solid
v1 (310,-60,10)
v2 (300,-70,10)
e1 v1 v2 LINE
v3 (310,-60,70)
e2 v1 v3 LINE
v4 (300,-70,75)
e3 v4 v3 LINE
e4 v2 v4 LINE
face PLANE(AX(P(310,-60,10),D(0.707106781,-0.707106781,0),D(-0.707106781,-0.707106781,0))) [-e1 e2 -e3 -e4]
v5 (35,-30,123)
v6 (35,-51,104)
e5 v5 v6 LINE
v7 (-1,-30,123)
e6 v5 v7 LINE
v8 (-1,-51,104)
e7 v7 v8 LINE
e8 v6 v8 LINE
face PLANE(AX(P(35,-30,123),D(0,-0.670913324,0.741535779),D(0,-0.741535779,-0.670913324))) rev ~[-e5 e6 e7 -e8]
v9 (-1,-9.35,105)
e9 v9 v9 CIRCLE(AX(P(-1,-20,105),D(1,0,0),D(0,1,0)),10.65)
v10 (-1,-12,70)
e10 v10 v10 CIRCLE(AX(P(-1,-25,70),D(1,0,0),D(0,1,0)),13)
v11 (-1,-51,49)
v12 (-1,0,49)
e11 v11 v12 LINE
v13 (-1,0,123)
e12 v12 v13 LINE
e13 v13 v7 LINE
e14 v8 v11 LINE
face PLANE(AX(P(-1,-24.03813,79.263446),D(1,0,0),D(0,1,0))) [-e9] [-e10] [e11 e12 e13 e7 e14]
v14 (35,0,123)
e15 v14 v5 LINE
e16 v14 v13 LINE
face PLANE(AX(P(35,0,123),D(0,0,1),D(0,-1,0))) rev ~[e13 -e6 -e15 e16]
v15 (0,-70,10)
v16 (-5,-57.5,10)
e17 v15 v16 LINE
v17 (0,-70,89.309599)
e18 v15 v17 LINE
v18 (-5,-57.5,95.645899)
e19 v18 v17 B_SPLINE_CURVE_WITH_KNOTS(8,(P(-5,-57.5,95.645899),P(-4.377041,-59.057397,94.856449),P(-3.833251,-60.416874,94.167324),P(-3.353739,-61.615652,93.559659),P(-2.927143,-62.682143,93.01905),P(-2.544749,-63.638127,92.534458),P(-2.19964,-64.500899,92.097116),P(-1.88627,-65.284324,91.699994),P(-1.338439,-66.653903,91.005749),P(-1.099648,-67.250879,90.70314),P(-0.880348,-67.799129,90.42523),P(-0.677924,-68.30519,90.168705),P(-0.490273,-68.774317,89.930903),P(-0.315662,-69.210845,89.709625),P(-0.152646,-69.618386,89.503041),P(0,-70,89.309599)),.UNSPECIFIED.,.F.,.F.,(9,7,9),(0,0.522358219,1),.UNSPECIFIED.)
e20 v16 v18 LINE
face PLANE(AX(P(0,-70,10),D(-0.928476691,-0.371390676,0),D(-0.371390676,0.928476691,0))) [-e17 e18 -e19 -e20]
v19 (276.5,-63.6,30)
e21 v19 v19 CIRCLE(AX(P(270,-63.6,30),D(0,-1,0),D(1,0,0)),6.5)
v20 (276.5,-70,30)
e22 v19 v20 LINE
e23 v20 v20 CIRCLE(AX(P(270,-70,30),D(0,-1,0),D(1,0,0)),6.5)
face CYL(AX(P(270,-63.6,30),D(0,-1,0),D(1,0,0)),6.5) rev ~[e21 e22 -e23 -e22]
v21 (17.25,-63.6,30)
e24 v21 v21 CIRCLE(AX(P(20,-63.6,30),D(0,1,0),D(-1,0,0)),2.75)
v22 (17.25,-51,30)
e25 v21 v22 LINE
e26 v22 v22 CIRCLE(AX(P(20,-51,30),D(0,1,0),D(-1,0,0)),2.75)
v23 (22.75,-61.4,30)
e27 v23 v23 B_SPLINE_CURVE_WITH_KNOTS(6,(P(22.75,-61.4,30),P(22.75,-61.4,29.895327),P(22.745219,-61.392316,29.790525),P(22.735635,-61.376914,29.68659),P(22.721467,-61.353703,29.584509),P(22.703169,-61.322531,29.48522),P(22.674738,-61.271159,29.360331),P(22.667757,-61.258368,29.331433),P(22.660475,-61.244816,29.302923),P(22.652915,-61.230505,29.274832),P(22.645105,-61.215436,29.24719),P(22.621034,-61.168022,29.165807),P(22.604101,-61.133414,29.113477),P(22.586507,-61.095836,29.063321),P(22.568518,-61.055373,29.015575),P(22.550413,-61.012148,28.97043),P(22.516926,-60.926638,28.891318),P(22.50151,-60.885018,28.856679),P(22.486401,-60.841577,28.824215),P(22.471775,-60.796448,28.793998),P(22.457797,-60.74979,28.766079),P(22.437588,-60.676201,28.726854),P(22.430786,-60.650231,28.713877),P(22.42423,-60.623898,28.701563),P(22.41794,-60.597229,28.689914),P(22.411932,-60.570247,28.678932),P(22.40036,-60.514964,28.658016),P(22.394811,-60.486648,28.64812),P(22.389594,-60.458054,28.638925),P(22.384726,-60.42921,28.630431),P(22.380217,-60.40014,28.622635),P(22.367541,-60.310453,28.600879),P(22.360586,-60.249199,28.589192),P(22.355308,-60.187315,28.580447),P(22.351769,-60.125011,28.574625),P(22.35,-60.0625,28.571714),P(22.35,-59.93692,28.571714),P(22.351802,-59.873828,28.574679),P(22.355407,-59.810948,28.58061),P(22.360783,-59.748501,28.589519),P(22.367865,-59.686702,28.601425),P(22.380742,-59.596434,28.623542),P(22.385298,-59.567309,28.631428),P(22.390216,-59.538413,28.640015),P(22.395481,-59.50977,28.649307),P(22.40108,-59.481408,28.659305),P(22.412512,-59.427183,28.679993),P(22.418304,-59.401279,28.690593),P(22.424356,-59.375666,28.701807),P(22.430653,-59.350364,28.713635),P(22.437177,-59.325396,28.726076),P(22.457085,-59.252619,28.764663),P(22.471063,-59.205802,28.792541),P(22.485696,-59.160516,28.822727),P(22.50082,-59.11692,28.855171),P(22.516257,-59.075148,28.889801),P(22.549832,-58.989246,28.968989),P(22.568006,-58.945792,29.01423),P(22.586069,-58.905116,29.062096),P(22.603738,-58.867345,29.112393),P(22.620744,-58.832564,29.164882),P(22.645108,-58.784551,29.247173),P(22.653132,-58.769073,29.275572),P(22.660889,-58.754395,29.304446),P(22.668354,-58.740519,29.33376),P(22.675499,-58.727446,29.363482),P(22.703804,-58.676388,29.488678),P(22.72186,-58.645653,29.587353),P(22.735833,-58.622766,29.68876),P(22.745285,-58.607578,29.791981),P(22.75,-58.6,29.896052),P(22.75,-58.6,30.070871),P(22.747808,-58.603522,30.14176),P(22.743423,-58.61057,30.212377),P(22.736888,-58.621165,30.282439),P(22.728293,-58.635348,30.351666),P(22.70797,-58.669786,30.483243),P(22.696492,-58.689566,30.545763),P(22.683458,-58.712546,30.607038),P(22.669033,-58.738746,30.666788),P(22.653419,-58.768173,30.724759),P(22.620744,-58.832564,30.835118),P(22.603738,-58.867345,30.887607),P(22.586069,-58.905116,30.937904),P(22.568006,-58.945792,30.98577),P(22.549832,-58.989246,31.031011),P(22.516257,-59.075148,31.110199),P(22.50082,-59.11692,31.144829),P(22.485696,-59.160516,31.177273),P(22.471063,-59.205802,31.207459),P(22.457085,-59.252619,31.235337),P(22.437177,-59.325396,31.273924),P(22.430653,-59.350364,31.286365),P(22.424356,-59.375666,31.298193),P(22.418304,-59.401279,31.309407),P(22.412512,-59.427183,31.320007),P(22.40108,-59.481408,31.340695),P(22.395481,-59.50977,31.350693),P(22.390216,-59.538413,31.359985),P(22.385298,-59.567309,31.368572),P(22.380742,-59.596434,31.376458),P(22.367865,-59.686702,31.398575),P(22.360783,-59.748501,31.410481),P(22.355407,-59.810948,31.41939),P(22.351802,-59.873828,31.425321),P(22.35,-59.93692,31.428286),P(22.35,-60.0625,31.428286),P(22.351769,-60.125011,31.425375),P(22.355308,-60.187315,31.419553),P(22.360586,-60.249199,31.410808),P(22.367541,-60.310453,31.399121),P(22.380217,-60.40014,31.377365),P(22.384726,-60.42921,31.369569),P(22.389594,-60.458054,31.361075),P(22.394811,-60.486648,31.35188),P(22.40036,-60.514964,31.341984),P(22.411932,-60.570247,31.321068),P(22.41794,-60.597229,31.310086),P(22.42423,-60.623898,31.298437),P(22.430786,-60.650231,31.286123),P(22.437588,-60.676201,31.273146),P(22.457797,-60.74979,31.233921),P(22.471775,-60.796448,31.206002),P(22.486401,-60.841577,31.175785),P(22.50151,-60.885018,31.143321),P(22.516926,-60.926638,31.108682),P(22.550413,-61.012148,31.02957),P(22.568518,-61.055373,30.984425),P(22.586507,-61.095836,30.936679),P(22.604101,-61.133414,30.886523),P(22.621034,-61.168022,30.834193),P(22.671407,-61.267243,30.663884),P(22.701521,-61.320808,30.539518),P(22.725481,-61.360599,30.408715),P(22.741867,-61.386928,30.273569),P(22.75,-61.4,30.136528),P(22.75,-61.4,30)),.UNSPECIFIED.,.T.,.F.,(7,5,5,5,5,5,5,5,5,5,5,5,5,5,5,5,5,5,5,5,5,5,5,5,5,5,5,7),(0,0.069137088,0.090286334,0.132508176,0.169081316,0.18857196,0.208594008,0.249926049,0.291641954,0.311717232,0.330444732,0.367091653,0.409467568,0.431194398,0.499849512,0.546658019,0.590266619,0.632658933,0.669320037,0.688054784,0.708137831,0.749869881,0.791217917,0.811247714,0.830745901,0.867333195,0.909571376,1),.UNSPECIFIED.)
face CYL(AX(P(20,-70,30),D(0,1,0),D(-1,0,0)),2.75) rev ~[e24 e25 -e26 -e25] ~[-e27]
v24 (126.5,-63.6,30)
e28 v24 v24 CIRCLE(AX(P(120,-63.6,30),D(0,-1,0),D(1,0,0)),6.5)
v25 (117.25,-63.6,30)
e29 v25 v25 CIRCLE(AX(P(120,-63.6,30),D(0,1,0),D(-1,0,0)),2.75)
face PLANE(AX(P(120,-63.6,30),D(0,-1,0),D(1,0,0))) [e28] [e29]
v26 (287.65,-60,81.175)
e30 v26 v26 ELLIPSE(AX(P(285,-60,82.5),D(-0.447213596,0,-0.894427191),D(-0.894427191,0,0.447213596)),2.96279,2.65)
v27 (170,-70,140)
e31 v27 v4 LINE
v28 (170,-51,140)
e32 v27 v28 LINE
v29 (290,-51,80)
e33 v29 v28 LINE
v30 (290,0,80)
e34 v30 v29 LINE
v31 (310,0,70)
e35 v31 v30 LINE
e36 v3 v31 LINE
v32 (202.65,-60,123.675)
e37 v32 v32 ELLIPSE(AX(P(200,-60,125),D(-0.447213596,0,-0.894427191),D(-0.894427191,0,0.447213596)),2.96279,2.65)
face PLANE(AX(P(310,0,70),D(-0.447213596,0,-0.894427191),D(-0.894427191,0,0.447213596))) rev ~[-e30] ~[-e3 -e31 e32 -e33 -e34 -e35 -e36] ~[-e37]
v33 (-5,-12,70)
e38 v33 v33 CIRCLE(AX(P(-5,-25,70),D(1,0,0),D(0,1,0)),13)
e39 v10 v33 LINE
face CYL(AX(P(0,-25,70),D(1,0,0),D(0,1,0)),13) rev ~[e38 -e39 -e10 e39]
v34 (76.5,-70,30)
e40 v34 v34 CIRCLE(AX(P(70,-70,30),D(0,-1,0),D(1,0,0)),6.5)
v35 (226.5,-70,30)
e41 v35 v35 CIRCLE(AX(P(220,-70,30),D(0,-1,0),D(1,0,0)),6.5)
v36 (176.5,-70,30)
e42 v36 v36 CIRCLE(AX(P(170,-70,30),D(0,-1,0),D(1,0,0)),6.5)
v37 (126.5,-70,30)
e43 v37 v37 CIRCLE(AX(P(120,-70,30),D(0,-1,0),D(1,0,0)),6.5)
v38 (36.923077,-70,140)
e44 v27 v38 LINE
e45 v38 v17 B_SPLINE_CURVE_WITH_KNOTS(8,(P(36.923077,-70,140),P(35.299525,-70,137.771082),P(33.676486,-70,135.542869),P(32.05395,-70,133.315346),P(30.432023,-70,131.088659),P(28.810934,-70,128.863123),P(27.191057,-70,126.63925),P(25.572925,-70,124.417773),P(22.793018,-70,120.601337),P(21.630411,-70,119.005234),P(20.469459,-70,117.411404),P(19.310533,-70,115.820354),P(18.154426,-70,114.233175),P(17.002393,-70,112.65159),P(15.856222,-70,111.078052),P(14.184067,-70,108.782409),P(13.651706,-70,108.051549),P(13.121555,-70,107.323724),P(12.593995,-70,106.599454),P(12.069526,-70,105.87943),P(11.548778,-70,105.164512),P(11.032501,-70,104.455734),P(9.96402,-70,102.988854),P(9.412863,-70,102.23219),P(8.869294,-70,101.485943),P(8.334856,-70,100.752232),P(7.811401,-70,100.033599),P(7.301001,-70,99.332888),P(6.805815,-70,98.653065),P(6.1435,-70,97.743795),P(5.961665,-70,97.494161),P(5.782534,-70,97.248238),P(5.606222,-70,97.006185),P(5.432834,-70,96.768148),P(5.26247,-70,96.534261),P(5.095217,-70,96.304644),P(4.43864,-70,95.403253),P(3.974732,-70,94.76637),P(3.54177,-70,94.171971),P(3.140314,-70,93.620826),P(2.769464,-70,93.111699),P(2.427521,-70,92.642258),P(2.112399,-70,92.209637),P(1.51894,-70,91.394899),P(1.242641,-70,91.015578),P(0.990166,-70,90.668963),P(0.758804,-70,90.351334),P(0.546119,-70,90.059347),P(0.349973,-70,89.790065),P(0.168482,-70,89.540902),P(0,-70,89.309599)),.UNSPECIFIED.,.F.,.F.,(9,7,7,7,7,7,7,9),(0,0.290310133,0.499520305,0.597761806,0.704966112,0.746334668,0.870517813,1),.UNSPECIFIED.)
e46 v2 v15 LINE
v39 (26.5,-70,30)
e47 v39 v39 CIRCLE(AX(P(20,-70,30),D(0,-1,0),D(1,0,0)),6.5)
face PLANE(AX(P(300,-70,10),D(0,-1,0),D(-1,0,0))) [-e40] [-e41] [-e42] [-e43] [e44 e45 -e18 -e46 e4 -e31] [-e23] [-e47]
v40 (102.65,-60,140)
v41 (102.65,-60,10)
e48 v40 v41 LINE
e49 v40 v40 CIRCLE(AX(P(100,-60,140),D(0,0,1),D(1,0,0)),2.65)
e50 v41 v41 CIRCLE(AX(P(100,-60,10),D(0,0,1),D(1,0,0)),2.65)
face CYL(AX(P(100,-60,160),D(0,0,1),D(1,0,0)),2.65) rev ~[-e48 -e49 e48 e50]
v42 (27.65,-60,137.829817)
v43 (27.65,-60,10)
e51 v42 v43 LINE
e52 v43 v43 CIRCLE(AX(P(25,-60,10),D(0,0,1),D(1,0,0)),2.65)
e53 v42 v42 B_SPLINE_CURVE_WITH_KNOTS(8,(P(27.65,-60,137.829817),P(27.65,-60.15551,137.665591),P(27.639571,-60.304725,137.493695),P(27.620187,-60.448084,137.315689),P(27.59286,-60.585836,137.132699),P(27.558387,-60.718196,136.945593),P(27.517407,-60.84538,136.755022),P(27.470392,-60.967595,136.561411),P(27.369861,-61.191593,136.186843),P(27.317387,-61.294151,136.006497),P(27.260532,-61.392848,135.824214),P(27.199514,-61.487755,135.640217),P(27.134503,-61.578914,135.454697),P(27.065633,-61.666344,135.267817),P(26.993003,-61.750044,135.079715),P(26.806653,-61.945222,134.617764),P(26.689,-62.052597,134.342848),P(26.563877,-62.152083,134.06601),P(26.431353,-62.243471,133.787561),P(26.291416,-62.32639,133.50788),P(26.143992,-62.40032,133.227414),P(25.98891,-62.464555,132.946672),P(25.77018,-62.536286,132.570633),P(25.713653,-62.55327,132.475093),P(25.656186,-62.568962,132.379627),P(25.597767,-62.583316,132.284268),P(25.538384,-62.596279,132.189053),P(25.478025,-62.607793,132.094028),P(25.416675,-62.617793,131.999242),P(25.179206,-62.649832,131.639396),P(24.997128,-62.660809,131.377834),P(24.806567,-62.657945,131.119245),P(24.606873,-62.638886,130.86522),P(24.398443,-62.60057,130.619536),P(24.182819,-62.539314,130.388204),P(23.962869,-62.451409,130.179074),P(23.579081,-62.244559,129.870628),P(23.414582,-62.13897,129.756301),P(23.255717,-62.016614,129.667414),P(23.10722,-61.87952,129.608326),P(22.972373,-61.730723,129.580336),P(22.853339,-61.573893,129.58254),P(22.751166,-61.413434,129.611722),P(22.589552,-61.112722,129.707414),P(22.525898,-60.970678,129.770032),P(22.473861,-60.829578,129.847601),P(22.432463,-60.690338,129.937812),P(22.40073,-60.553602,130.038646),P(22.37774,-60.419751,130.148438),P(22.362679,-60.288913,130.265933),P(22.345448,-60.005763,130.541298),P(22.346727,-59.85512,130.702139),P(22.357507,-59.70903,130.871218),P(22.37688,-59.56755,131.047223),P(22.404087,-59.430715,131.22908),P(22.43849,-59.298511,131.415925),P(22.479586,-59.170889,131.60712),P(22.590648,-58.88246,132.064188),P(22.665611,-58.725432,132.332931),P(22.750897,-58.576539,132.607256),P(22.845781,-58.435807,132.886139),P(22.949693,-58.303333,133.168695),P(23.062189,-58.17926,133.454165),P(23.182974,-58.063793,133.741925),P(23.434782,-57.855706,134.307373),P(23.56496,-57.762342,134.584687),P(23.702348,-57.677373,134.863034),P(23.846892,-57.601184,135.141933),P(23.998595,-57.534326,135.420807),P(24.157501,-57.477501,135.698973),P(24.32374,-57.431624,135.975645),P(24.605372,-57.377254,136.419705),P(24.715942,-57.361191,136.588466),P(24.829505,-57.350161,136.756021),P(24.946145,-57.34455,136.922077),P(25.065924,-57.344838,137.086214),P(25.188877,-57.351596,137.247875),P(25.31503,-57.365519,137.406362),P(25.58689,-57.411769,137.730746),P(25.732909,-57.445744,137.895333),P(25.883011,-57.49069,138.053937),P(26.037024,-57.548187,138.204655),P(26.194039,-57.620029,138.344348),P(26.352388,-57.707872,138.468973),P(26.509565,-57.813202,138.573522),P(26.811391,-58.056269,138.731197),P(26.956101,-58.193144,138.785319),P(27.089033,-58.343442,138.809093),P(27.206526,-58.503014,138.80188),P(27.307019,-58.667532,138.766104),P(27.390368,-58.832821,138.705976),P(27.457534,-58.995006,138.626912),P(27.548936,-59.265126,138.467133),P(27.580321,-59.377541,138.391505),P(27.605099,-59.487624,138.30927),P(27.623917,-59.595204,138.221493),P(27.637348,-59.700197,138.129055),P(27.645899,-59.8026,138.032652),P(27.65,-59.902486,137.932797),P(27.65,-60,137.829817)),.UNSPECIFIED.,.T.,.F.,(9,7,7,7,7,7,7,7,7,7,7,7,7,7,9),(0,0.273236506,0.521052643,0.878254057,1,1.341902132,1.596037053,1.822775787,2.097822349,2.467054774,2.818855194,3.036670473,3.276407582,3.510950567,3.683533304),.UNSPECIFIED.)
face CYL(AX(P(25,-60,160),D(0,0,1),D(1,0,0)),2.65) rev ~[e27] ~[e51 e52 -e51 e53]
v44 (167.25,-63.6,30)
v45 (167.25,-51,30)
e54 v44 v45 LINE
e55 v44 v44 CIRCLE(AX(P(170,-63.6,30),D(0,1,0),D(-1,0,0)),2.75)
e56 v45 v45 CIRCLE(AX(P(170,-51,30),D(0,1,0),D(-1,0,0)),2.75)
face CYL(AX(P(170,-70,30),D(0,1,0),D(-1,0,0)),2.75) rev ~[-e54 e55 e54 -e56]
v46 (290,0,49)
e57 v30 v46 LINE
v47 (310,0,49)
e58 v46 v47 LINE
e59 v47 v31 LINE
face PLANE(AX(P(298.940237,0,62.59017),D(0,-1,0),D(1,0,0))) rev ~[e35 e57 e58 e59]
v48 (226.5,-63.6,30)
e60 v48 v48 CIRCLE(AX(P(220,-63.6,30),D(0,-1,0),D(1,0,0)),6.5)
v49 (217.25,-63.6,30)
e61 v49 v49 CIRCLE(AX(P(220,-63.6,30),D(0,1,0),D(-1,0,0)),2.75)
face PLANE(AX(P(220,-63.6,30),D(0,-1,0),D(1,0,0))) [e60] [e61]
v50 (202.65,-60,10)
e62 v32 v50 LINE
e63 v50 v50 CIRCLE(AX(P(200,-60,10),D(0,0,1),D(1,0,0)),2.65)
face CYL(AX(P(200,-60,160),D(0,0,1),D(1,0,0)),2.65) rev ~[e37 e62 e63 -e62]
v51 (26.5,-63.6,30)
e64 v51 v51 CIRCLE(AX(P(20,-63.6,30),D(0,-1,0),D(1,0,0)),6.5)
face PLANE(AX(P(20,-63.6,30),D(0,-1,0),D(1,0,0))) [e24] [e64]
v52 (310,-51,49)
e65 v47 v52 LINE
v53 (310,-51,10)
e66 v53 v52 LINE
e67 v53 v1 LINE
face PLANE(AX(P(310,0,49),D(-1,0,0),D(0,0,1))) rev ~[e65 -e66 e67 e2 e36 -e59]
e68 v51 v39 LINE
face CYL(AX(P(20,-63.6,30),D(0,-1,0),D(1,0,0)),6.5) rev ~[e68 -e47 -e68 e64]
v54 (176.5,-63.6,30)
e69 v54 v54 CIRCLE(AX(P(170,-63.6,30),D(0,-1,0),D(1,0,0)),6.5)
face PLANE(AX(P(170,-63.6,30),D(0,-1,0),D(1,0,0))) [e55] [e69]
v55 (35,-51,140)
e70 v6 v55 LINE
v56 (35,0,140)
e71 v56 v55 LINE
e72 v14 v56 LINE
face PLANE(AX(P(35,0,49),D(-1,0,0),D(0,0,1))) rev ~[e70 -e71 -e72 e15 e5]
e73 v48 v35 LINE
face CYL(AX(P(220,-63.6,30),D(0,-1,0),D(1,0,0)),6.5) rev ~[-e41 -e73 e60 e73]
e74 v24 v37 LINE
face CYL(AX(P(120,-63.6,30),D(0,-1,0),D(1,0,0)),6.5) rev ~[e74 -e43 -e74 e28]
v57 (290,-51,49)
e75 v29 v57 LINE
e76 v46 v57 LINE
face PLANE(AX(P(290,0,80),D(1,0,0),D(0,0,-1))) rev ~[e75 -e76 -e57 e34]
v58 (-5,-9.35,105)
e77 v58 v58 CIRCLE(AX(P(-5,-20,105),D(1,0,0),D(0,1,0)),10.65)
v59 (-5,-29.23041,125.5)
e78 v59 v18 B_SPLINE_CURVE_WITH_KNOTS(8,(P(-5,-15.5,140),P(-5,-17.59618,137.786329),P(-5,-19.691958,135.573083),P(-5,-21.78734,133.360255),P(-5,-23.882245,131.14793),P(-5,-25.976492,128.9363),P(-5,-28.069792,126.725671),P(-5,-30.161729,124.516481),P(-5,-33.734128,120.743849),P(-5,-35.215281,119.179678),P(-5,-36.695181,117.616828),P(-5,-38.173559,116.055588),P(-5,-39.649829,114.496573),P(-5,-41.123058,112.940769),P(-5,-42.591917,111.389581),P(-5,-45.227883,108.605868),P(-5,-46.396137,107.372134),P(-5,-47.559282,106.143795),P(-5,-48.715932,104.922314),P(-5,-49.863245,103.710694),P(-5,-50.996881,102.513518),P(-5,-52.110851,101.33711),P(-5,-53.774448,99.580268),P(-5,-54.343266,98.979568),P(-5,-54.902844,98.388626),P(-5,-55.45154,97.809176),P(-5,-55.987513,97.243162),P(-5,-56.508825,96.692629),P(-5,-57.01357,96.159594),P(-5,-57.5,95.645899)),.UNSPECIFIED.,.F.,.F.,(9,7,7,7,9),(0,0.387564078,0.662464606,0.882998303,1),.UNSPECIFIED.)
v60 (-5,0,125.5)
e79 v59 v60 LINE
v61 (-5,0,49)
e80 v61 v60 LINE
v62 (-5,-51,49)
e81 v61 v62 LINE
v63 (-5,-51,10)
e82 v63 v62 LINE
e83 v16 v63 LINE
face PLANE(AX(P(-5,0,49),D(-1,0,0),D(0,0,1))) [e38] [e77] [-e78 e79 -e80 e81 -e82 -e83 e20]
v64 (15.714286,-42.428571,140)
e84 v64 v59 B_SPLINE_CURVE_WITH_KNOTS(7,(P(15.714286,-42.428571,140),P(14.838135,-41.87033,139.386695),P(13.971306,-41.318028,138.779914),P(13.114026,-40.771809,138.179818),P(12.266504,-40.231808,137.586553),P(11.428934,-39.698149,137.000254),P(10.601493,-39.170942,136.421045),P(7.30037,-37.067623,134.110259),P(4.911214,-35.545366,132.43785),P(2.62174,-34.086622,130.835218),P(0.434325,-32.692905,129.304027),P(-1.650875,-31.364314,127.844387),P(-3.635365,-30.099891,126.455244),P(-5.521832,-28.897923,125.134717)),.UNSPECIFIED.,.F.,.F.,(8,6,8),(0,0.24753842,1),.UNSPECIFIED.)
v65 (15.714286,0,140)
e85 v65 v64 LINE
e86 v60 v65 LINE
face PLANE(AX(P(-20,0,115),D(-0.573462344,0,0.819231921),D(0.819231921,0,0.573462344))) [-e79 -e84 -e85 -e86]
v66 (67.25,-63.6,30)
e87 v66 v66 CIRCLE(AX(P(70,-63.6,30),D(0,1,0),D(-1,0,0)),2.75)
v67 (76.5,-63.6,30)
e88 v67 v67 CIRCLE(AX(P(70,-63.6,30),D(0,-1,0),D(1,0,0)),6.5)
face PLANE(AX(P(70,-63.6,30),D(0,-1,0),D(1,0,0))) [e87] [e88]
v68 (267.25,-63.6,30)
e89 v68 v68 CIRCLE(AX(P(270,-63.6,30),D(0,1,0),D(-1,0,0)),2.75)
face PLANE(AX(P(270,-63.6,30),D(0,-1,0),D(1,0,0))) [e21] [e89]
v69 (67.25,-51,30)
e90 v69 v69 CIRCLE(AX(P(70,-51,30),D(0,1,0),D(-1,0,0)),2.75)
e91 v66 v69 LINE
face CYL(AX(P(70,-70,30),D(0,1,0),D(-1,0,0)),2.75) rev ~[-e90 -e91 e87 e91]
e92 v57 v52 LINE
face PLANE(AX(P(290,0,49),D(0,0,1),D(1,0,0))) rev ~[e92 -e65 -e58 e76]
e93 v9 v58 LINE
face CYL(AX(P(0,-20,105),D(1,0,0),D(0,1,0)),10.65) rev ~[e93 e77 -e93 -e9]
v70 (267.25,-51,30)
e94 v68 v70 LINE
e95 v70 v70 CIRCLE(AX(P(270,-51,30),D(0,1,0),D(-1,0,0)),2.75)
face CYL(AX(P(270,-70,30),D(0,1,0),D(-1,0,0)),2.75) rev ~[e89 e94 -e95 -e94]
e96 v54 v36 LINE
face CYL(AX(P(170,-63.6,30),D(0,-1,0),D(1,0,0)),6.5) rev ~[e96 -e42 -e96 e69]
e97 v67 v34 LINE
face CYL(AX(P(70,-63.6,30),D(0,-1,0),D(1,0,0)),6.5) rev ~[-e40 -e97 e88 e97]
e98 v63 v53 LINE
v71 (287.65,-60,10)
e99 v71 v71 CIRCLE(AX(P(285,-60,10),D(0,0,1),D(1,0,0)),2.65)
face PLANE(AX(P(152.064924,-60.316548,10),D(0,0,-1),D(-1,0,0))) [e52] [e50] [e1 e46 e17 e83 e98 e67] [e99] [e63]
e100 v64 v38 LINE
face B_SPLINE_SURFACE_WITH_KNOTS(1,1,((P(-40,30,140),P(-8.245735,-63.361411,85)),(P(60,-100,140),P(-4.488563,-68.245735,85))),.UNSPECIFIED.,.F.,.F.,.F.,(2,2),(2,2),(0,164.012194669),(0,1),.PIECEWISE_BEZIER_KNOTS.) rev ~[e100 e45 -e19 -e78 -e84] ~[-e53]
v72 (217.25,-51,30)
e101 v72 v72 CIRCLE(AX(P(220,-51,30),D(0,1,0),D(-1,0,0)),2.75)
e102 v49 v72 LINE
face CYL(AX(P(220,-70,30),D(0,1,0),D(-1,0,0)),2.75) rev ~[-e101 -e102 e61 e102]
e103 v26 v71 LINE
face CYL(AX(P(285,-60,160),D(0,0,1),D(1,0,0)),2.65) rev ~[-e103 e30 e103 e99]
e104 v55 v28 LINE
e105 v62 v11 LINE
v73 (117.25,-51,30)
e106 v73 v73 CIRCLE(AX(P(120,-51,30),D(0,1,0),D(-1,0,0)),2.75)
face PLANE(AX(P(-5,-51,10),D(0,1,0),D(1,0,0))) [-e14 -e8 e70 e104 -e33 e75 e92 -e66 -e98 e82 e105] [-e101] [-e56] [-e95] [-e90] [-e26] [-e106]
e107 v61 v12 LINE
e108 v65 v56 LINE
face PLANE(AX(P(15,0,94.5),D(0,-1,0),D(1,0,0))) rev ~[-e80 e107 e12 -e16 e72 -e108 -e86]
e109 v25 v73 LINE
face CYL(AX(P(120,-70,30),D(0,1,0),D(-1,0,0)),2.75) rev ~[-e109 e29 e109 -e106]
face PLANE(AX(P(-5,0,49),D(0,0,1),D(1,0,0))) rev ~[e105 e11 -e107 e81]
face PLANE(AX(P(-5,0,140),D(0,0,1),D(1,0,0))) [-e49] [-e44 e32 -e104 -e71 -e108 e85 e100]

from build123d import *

# Parameters (mm, degrees)
PAD002_DEPTH        = 130
POCKET001_DEPTH     = 77
SKETCH007_R         = 2.65
HOLE002_DEPTH       = 150.001
HOLE003_D           = 5.5
HOLE003_DEPTH       = 25
HOLE003_CBORE_D     = 13
HOLE003_CBORE_DEPTH = 6.4
SKETCH011_W         = 40
SKETCH011_H         = 91
PAD003_DEPTH        = 55
POCKET002_DEPTH     = 55
POCKET002_TAPER     = 30
POCKET005_DEPTH     = 36
PAD007_DEPTH        = 54
SKETCH030_R         = 13
SKETCH030_R_2       = 10.65
POCKET010_DEPTH     = 5
POCKET012_DEPTH     = 104


with BuildPart() as part:
    # Sketch005 → Pad002 (new body)
    with BuildSketch(Plane.XY):
        Polygon((300, -70), (0, -70), (-5, -57.5), (-5, -51), (310, -51), (310, -60), align=None)
    extrude(amount=PAD002_DEPTH)

    # Sketch006 → Pocket001 (cut)
    with BuildSketch(Plane.XZ):
        Polygon((310, 60), (130, 150), (310, 150), align=None)
    extrude(amount=POCKET001_DEPTH, mode=Mode.SUBTRACT)

    # Sketch007 → Hole002 (cut, through all)
    with BuildSketch(Plane.XY.offset(150)):
        with Locations((100, -60)):
            Circle(SKETCH007_R)
        with Locations((200, -60)):
            Circle(SKETCH007_R)
        with Locations((285, -60)):
            Circle(SKETCH007_R)
        with Locations((25, -60)):
            Circle(SKETCH007_R)
    extrude(amount=-HOLE002_DEPTH, mode=Mode.SUBTRACT)

    # Hole003
    with Locations(Plane.XZ.offset(70)):
        with Locations((20, 20), (70, 20), (120, 20), (170, 20), (220, 20), (270, 20)):
            CounterBoreHole(HOLE003_D / 2, HOLE003_CBORE_D / 2, HOLE003_CBORE_DEPTH, depth=HOLE003_DEPTH)

    # Sketch011 → Pad003 (join)
    with BuildSketch(Plane.XZ):
        with Locations((15, 84.5)):
            Rectangle(SKETCH011_W, SKETCH011_H)
    extrude(amount=PAD003_DEPTH)

    # Sketch013 → Pocket002 (cut)
    with BuildSketch(Plane.XY.offset(130)):
        Polygon((-40, 30), (60, -100), (-40, -100), align=None)
    extrude(amount=-POCKET002_DEPTH, taper=POCKET002_TAPER, mode=Mode.SUBTRACT)

    # Sketch017 → Pocket005 (cut)
    with BuildSketch(Plane.YZ.offset(35)):
        Polygon((-51, 30), (0, 30), (0, 113), (-30, 113), (-51, 94), align=None)
    extrude(amount=-POCKET005_DEPTH, mode=Mode.SUBTRACT)

    # Sketch019 → Pad007 (join)
    with BuildSketch(Plane.XZ):
        Polygon((290, 70), (290, 39), (310, 39), (310, 60), align=None)
    extrude(amount=PAD007_DEPTH)

    # Sketch030 → Pocket010 (cut)
    with BuildSketch(Plane.YZ):
        with Locations((-25, 60)):
            Circle(SKETCH030_R)
        with Locations((-20, 95)):
            Circle(SKETCH030_R_2)
    extrude(amount=-POCKET010_DEPTH, mode=Mode.SUBTRACT)

    # Sketch135 → Pocket012 (cut)
    with BuildSketch(Plane.XZ):
        Polygon((-20, 140), (-20, 105), (30, 140), align=None)
    extrude(amount=POCKET012_DEPTH, mode=Mode.SUBTRACT)


with BuildPart() as part_1:
    # Body002 placement: moved
    add(part.part.moved(Location((0, 0, 10))))


solid = part_1.part
